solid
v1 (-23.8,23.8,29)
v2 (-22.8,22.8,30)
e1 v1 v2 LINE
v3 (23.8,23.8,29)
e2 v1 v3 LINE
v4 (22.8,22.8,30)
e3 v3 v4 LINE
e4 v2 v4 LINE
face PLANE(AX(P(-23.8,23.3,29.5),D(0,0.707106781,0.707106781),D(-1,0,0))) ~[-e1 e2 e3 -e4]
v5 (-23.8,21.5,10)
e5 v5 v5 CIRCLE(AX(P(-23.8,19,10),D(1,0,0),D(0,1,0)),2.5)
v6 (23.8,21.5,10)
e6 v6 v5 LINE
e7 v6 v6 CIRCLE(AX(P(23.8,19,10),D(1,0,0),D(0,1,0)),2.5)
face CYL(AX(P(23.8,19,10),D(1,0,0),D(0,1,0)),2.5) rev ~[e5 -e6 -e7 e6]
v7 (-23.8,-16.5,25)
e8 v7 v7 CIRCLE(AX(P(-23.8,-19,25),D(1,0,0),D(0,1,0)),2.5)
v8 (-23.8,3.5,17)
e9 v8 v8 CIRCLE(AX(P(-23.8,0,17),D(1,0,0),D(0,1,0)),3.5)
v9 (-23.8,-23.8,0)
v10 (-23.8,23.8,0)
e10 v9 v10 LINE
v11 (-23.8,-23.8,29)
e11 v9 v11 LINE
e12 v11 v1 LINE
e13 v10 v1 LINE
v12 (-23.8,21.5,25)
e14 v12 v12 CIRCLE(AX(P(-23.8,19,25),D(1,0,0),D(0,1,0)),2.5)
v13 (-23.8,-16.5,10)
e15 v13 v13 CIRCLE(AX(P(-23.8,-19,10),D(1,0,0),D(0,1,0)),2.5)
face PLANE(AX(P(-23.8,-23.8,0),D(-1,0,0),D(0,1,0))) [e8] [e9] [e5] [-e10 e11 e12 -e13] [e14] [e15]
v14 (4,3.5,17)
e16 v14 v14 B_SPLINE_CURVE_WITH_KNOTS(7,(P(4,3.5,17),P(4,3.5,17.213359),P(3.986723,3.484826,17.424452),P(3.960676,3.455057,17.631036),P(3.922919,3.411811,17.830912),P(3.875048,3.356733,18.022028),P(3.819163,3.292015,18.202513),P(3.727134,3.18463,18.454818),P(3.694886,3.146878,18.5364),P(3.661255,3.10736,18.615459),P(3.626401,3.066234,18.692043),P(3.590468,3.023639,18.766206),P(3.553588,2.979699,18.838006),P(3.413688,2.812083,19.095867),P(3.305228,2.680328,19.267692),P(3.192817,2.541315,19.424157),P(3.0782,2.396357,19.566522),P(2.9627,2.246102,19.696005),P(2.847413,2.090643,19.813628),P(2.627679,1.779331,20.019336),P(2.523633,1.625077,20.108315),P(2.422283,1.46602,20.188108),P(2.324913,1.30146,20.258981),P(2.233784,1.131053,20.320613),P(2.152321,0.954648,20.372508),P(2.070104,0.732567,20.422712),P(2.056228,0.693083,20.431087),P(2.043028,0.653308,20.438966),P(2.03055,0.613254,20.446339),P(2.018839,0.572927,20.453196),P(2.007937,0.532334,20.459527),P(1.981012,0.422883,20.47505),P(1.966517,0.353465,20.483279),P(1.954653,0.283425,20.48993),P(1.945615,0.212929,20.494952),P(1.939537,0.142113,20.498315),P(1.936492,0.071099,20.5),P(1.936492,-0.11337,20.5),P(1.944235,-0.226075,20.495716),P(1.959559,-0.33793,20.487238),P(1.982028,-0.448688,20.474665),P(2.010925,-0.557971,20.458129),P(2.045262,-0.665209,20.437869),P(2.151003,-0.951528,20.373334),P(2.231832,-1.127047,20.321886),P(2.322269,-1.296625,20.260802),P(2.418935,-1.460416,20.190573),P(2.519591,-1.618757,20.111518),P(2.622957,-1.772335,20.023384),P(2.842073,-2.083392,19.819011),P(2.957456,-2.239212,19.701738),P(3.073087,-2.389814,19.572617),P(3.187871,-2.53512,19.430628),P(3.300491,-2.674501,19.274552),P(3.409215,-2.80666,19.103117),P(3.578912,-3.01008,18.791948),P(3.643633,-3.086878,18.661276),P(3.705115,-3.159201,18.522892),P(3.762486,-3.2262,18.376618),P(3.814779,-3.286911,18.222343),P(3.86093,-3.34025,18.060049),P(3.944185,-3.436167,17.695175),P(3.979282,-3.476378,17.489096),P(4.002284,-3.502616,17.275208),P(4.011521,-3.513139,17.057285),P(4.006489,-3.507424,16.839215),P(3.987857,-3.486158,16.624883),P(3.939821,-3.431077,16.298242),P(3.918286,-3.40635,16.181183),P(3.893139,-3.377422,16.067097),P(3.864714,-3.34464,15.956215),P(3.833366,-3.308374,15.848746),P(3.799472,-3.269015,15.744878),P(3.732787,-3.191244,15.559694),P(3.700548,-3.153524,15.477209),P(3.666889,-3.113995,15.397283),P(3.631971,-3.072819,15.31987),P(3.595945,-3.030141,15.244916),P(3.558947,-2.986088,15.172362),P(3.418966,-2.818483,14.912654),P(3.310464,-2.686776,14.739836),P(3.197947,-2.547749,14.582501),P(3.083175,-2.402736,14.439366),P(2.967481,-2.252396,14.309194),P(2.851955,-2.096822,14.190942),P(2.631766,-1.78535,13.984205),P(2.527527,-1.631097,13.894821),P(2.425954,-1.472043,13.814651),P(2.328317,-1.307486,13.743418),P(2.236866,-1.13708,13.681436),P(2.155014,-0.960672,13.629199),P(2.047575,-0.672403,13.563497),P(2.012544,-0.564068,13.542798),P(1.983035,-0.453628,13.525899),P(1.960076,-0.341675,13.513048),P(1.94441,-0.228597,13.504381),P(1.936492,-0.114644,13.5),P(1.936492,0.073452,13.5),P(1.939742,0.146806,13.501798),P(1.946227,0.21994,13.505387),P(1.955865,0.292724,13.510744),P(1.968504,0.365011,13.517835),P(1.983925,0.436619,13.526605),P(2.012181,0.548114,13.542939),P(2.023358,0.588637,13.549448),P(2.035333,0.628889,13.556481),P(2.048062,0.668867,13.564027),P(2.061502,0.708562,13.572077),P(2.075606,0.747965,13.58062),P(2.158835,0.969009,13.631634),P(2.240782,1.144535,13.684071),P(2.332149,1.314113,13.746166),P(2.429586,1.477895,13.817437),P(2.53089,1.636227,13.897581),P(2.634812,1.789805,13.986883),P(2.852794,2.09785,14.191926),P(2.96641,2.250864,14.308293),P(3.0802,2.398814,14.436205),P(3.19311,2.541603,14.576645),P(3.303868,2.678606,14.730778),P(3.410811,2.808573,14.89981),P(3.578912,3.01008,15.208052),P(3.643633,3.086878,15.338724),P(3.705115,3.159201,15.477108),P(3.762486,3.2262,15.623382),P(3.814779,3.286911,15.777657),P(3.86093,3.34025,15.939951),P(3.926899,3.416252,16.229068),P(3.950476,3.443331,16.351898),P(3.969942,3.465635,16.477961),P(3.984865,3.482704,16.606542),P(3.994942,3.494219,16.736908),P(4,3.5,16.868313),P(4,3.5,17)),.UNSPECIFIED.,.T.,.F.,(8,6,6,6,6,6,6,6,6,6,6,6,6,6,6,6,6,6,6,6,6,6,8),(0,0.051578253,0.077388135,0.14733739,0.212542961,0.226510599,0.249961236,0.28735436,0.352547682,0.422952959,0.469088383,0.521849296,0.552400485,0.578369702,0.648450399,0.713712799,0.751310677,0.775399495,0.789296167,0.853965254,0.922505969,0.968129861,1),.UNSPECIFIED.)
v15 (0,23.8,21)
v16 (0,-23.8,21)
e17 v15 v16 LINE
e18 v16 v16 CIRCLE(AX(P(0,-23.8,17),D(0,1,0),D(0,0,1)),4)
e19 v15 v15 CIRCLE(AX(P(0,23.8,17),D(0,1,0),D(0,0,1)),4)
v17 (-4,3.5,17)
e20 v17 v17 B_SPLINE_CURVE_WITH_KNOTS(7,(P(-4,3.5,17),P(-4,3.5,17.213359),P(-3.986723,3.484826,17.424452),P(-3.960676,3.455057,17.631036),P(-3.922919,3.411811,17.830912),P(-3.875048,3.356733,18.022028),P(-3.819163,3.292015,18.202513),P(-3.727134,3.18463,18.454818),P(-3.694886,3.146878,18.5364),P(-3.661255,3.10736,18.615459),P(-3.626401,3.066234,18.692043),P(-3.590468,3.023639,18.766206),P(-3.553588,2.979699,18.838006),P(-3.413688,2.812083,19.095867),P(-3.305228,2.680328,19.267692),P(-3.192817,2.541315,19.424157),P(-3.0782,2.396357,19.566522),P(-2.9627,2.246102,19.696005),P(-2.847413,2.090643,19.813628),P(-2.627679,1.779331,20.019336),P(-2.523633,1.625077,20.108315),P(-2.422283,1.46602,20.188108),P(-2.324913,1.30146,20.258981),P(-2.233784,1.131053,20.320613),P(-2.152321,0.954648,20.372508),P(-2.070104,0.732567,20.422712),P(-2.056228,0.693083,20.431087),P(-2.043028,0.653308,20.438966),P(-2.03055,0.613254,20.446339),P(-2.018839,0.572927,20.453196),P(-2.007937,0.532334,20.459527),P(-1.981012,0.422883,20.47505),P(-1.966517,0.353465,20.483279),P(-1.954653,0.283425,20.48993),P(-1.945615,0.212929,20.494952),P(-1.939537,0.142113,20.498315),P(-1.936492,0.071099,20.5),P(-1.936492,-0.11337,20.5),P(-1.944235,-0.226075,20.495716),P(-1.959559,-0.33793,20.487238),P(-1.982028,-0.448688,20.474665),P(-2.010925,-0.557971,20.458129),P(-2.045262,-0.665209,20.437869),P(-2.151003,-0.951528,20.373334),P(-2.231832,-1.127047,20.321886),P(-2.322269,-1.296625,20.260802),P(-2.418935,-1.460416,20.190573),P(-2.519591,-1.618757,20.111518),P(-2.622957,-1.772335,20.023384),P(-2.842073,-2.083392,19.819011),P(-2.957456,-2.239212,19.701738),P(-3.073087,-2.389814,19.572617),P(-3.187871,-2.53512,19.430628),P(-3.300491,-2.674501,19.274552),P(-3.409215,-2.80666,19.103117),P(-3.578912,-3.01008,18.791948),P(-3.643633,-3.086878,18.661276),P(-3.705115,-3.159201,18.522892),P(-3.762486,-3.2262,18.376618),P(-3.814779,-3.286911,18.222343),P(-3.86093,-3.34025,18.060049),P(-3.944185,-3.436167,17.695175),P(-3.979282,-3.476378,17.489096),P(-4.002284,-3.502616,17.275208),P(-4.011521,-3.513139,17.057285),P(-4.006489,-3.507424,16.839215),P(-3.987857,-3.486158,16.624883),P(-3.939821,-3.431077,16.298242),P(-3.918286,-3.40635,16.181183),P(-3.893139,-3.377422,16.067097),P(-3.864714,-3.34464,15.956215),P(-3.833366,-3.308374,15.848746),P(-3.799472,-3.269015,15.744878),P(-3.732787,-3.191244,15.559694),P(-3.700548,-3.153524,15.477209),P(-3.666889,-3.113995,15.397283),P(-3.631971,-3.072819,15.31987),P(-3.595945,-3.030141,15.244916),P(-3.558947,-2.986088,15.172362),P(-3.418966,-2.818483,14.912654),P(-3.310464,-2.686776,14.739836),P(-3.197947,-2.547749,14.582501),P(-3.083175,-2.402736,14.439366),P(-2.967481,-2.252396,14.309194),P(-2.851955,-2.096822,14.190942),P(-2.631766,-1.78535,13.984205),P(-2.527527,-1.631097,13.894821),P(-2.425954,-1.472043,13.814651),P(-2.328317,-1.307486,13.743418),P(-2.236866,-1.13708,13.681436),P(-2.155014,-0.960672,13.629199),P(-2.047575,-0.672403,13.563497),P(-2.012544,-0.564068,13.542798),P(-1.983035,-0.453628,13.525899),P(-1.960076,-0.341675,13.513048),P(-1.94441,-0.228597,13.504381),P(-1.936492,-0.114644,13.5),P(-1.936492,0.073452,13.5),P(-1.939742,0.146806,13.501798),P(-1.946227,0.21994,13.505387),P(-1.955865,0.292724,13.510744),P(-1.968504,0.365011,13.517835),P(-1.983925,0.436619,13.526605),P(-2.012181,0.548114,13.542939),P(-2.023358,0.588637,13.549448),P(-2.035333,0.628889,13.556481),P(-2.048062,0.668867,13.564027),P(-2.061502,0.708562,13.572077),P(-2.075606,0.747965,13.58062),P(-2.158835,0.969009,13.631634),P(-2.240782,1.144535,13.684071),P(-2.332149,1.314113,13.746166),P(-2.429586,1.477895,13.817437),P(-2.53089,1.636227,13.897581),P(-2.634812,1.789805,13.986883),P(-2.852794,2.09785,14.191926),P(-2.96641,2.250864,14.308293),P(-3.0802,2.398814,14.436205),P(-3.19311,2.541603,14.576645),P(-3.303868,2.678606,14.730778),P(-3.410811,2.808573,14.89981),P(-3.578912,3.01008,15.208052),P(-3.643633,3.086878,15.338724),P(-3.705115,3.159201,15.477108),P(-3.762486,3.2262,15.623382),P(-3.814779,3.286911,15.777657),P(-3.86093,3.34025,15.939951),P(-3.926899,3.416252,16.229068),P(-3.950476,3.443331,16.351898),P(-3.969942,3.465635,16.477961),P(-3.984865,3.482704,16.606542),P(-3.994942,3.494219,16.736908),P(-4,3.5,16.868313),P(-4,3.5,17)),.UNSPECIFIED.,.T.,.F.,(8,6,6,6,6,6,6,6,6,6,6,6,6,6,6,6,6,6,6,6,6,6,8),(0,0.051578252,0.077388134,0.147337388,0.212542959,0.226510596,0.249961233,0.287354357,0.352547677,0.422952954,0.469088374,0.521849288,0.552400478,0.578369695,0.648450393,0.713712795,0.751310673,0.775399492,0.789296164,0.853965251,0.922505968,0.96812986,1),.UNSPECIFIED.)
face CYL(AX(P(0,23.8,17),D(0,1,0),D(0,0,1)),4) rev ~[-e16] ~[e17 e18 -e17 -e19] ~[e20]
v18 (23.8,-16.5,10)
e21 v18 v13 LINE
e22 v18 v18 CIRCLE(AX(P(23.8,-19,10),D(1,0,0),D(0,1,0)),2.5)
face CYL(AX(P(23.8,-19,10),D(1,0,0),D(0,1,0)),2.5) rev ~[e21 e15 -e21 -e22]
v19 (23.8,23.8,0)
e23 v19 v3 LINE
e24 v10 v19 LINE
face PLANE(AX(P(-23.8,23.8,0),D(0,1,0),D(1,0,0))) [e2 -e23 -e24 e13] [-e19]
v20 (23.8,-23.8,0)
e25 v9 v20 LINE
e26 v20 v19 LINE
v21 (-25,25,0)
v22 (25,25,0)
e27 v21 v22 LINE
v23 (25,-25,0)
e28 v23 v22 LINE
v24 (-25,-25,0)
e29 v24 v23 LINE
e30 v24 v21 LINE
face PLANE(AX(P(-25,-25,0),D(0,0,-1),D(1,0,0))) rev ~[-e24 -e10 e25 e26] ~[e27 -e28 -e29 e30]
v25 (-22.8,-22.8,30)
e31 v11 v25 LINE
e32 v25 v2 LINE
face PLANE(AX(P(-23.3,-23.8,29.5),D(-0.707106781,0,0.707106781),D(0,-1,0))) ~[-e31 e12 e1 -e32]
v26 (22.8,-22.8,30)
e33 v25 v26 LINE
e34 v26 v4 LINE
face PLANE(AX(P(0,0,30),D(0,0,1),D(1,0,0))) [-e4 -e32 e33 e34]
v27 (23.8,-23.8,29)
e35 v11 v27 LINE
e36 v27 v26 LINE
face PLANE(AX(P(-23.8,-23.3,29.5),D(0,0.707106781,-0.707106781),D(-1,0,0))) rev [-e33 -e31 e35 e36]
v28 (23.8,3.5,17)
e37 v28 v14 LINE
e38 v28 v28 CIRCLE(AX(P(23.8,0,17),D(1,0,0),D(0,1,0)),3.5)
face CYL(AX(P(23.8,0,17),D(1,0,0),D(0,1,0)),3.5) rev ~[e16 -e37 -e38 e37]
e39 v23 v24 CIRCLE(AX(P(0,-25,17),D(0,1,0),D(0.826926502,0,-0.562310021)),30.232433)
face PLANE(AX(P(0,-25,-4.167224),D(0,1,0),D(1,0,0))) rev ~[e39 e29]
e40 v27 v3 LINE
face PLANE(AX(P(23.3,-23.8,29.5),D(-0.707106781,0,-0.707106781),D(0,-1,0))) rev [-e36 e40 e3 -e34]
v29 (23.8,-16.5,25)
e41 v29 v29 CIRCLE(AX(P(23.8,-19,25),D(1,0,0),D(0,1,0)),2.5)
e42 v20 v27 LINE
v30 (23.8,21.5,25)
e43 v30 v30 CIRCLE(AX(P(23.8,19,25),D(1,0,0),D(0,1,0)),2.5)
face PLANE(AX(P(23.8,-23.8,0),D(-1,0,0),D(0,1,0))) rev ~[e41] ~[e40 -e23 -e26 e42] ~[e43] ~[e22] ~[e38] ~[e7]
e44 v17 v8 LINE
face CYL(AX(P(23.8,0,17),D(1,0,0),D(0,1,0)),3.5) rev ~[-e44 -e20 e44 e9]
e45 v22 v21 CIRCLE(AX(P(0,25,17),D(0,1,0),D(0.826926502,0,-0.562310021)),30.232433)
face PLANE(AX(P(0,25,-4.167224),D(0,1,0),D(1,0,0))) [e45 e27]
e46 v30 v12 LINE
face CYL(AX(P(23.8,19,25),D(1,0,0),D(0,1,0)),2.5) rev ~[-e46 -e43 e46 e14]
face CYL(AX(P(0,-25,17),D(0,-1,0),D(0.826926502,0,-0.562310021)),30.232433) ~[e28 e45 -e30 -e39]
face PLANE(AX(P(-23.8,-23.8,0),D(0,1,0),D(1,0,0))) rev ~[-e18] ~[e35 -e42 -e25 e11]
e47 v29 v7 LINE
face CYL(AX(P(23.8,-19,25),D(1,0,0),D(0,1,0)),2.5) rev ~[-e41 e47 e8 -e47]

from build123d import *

# Parameters (mm, degrees)
CROQUIS1_W                   = 47.6
CROQUIS1_H                   = 47.6
SALIENTE_EXTRUIR1_DEPTH      = 30
SALIENTE_EXTRUIR2_DEPTH      = 25
SALIENTE_EXTRUIR2_DEPTH_BACK = 25
CROQUIS3_R                   = 4
CORTAR_EXTRUIR1_DEPTH        = 63.501519982
CROQUIS4_R                   = 2.5
CROQUIS4_R_2                 = 3.5
CORTAR_EXTRUIR2_DEPTH        = 63.501519982
CHAFL_N1_SIZE                = 1


with BuildPart() as part:
    # Croquis1 → Saliente-Extruir1 (new body)
    with BuildSketch(Plane.XY):
        Rectangle(CROQUIS1_W, CROQUIS1_H)
    extrude(amount=SALIENTE_EXTRUIR1_DEPTH)

    # Croquis2 → Saliente-Extruir2 (add, two sides: drawn at the far end of the back side and taken through both)
    with BuildSketch(Plane(origin=(0, 0, 0), x_dir=(1, 0, 0), z_dir=(0, 1, 0)).offset(-SALIENTE_EXTRUIR2_DEPTH_BACK)):
        with BuildLine():
            Line((-25, 0), (25, 0))
            ThreePointArc((25, 0), (0, 13.232432916), (-25, 0))
        make_face()
    extrude(amount=SALIENTE_EXTRUIR2_DEPTH + SALIENTE_EXTRUIR2_DEPTH_BACK)

    # Croquis3 → Cortar-Extruir1 (cut, through all)
    with BuildSketch(Plane(origin=(0, 23.8, 0), x_dir=(1, 0, 0), z_dir=(0, 1, 0))):
        with Locations(Location((0, -17, 0), (0, 0, 270))):
            Circle(CROQUIS3_R)
    extrude(amount=-CORTAR_EXTRUIR1_DEPTH, mode=Mode.SUBTRACT)

    # Croquis4 → Cortar-Extruir2 (cut, through all)
    with BuildSketch(Plane(origin=(23.8, 0, 0), x_dir=(0, 0, -1), z_dir=(1, 0, 0))):
        with Locations(Location((-10, 19, 0), (0, 0, 90))):
            Circle(CROQUIS4_R)
        with Locations(Location((-25, 19, 0), (0, 0, 90))):
            Circle(CROQUIS4_R)
        with Locations(Location((-25, -19, 0), (0, 0, 90))):
            Circle(CROQUIS4_R)
        with Locations(Location((-10, -19, 0), (0, 0, 90))):
            Circle(CROQUIS4_R)
        with Locations(Location((-17, 0, 0), (0, 0, 90))):
            Circle(CROQUIS4_R_2)
    extrude(amount=-CORTAR_EXTRUIR2_DEPTH, mode=Mode.SUBTRACT)

    # Chaflán1
    chafl_n1_edges = [part.edges().sort_by_distance(p)[0] for p in [
        (-23.8, 0, 30),
        (0, -23.8, 30),
        (23.8, 0, 30),
        (0, 23.8, 30),
    ]]
    chamfer(chafl_n1_edges, length=CHAFL_N1_SIZE)


solid = part.part
